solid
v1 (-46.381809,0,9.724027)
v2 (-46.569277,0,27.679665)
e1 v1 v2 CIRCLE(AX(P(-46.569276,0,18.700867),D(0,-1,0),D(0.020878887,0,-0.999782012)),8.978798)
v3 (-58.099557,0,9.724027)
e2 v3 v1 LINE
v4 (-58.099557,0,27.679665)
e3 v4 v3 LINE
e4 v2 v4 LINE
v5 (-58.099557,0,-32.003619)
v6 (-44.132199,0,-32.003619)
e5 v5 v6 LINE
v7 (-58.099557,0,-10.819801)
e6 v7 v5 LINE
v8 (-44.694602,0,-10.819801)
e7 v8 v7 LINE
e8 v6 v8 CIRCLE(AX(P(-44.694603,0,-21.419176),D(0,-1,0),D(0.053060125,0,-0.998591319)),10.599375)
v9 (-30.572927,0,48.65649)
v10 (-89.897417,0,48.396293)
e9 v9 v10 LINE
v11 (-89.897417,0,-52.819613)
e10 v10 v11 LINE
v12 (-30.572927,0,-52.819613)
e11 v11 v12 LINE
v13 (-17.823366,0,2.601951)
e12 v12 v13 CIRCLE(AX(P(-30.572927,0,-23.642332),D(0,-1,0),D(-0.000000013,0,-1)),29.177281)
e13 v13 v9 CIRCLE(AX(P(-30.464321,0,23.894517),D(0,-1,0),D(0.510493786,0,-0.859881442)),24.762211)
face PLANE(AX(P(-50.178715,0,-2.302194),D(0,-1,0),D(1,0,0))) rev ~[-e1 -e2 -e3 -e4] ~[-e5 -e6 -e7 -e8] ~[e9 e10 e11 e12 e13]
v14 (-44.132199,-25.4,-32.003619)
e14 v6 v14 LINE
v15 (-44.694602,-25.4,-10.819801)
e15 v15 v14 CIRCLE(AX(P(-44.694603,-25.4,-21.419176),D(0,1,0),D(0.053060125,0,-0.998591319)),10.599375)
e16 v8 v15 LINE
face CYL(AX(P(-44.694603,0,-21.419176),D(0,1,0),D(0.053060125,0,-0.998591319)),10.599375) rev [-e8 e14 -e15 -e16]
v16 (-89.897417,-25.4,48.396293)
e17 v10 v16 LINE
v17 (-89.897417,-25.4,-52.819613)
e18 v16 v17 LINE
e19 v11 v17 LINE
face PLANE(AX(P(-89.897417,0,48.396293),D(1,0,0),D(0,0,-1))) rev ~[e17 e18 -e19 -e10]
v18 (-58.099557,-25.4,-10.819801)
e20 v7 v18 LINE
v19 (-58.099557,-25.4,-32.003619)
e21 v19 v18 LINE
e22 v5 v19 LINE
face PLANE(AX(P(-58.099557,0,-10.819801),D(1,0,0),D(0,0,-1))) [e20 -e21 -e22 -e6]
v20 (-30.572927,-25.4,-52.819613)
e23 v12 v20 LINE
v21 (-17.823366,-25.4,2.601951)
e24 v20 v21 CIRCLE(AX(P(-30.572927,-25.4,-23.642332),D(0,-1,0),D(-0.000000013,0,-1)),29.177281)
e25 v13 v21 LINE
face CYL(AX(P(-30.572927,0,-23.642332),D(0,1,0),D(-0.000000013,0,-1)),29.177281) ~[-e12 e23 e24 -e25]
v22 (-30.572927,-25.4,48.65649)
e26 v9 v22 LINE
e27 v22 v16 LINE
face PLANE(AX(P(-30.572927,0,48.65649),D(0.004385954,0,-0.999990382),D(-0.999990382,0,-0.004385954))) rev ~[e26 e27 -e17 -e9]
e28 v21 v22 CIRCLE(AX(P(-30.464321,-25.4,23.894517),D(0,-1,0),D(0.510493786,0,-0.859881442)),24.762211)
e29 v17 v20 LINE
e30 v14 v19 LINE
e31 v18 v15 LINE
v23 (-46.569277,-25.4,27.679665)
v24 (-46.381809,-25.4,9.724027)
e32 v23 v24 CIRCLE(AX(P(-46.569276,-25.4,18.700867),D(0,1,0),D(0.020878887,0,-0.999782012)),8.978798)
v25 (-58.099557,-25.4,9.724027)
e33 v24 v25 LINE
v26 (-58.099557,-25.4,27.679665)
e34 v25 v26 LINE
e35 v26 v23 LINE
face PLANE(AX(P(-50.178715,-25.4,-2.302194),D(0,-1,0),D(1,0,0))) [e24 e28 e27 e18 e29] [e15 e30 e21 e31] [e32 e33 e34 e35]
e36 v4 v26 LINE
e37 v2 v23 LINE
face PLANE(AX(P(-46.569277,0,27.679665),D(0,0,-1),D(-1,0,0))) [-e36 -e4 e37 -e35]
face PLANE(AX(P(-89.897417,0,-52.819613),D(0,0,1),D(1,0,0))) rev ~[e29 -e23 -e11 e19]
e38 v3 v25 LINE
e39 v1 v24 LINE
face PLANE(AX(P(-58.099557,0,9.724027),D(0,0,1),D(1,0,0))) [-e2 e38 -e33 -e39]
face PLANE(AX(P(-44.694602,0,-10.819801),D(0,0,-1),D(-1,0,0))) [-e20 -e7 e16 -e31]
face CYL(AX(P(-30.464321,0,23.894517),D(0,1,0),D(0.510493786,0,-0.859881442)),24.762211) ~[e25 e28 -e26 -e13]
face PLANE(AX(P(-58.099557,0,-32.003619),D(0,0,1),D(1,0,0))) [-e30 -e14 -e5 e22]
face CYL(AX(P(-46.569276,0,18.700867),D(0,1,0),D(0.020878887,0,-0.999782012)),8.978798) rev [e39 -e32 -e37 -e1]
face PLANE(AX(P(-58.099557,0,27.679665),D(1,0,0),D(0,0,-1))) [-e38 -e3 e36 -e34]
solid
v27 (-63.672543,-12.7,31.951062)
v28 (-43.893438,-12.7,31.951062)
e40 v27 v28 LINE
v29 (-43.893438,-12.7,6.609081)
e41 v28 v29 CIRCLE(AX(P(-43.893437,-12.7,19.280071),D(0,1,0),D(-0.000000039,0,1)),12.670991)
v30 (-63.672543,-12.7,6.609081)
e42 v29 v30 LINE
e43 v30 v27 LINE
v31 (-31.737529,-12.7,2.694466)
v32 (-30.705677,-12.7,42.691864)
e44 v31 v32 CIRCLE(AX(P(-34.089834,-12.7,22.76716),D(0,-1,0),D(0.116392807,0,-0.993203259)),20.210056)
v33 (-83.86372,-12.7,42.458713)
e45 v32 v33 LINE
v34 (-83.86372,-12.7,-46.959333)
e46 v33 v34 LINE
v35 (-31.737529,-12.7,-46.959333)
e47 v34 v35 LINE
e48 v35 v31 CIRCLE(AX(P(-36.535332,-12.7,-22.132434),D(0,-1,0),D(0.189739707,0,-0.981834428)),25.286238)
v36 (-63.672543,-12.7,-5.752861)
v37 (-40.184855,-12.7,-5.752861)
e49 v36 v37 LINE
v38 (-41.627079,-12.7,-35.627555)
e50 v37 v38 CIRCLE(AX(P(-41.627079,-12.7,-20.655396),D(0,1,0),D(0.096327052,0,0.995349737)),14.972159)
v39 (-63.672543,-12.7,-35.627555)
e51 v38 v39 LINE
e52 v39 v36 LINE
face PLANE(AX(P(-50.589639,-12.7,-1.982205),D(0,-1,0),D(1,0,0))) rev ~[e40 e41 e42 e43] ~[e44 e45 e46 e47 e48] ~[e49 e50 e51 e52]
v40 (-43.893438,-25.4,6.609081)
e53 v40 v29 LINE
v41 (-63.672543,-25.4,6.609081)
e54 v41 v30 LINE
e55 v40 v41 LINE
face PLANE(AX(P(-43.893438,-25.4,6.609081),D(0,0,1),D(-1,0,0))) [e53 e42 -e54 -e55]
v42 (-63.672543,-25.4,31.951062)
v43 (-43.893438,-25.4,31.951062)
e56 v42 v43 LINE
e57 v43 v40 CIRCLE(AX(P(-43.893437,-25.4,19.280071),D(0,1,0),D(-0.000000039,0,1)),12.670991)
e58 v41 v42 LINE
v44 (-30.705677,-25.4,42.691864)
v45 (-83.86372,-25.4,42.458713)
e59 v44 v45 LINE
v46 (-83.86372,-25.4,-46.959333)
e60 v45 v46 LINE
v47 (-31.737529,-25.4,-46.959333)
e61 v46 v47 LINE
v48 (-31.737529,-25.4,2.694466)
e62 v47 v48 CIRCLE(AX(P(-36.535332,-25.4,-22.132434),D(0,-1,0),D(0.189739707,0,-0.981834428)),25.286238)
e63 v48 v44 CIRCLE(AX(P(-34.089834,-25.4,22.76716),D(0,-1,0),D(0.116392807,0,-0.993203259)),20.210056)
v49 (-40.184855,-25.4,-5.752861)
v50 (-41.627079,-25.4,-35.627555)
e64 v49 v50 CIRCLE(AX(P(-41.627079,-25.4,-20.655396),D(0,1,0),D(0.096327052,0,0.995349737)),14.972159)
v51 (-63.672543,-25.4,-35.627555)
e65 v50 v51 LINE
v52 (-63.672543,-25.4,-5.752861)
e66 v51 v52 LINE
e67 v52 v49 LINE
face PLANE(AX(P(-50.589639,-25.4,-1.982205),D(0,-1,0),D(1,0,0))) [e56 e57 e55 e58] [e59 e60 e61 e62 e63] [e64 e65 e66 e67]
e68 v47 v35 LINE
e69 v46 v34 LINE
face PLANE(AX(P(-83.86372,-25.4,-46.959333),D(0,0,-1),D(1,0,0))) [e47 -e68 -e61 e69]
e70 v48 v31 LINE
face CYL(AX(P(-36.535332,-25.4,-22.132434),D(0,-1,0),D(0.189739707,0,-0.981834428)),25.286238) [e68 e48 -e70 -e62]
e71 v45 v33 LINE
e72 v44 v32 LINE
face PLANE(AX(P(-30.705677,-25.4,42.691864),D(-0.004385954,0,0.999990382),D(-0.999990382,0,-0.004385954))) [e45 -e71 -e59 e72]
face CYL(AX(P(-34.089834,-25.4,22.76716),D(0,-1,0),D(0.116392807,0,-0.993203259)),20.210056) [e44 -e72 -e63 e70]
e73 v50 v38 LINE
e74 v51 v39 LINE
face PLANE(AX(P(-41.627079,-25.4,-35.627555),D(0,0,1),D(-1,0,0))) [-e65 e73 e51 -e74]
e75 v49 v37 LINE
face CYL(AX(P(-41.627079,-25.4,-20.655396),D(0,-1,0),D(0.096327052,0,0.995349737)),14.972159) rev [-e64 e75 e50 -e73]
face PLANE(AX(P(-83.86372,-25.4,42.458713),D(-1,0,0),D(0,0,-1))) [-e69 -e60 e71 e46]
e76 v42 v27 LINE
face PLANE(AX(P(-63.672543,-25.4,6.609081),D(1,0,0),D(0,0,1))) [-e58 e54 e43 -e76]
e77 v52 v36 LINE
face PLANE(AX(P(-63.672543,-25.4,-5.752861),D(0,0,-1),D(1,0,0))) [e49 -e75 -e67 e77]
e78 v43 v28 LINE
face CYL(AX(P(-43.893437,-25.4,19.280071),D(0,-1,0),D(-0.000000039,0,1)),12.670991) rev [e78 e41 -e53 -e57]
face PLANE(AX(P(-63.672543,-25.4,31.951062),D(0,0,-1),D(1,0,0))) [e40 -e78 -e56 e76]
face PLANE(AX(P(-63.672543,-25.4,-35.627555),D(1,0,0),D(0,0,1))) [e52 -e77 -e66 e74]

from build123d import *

# Parameters (mm, degrees)
F1_DEPTH = 25.4
F3_DEPTH = 25.4
F4_DEPTH = 53.848
F6_DEPTH = 12.7


with BuildPart() as f1:
    # F0 (on Front) → F1 (new body)
    with BuildSketch(Plane.XZ):
        with BuildLine():
            Line((-30.572927, 48.65649), (-89.897417, 48.396293))
            Line((-89.897417, 48.396293), (-89.897417, -52.819613))
            Line((-89.897417, -52.819613), (-30.572927, -52.819613))
            ThreePointArc((-30.572927, -52.819613), (-2.138348, -30.18362), (-17.823366, 2.601951))
            ThreePointArc((-17.823366, 2.601951), (-6.599701, 30.501106), (-30.572927, 48.65649))
        make_face()
    extrude(amount=F1_DEPTH)

    # F2 (on face) → F3 (cut)
    with BuildSketch(Plane.XZ):
        with BuildLine():
            Line((-46.569277, 27.679665), (-58.099557, 27.679665))
            Line((-58.099557, 27.679665), (-58.099557, 9.724027))
            Line((-58.099557, 9.724027), (-46.381809, 9.724027))
            ThreePointArc((-46.381809, 9.724027), (-37.590968, 18.794606), (-46.569277, 27.679665))
        make_face()
        with BuildLine():
            Line((-44.694602, -10.819801), (-58.099557, -10.819801))
            Line((-58.099557, -10.819801), (-58.099557, -32.003619))
            Line((-58.099557, -32.003619), (-44.132199, -32.003619))
            ThreePointArc((-44.132199, -32.003619), (-34.098962, -21.137875), (-44.694602, -10.819801))
        make_face()
    extrude(amount=-F3_DEPTH, mode=Mode.SUBTRACT)

    # F2 (on face) → F4 (cut)
    with BuildSketch(Plane.XZ):
        with BuildLine():
            Line((-46.569277, 27.679665), (-58.099557, 27.679665))
            Line((-58.099557, 27.679665), (-58.099557, 9.724027))
            Line((-58.099557, 9.724027), (-46.381809, 9.724027))
            ThreePointArc((-46.381809, 9.724027), (-37.590968, 18.794606), (-46.569277, 27.679665))
        make_face()
        with BuildLine():
            Line((-44.694602, -10.819801), (-58.099557, -10.819801))
            Line((-58.099557, -10.819801), (-58.099557, -32.003619))
            Line((-58.099557, -32.003619), (-44.132199, -32.003619))
            ThreePointArc((-44.132199, -32.003619), (-34.098962, -21.137875), (-44.694602, -10.819801))
        make_face()
    extrude(amount=F4_DEPTH, mode=Mode.SUBTRACT)


with BuildPart() as f6:
    # F5 (on face) → F6 (new body)
    with BuildSketch(Plane.XZ.offset(25.4)):
        with BuildLine():
            Line((-30.705677, 42.691864), (-83.86372, 42.458713))
            Line((-83.86372, 42.458713), (-83.86372, -46.959333))
            Line((-83.86372, -46.959333), (-31.737529, -46.959333))
            ThreePointArc((-31.737529, -46.959333), (-11.249094, -22.132434), (-31.737529, 2.694466))
            ThreePointArc((-31.737529, 2.694466), (-13.8865, 22.245954), (-30.705677, 42.691864))
        make_face()
        with BuildLine():
            Line((-41.627079, -35.627555), (-63.672543, -35.627555))
            Line((-63.672543, -35.627555), (-63.672543, -5.752861))
            Line((-63.672543, -5.752861), (-40.184855, -5.752861))
            ThreePointArc((-40.184855, -5.752861), (-26.672336, -21.377348), (-41.627079, -35.627555))
        make_face(mode=Mode.SUBTRACT)
        with BuildLine():
            Line((-63.672543, 6.609081), (-63.672543, 31.951062))
            Line((-63.672543, 31.951062), (-43.893438, 31.951062))
            ThreePointArc((-43.893438, 31.951062), (-31.222447, 19.280072), (-43.893438, 6.609081))
            Line((-43.893438, 6.609081), (-63.672543, 6.609081))
        make_face(mode=Mode.SUBTRACT)
    extrude(amount=-F6_DEPTH)


solid = Compound([f1.part, f6.part])
